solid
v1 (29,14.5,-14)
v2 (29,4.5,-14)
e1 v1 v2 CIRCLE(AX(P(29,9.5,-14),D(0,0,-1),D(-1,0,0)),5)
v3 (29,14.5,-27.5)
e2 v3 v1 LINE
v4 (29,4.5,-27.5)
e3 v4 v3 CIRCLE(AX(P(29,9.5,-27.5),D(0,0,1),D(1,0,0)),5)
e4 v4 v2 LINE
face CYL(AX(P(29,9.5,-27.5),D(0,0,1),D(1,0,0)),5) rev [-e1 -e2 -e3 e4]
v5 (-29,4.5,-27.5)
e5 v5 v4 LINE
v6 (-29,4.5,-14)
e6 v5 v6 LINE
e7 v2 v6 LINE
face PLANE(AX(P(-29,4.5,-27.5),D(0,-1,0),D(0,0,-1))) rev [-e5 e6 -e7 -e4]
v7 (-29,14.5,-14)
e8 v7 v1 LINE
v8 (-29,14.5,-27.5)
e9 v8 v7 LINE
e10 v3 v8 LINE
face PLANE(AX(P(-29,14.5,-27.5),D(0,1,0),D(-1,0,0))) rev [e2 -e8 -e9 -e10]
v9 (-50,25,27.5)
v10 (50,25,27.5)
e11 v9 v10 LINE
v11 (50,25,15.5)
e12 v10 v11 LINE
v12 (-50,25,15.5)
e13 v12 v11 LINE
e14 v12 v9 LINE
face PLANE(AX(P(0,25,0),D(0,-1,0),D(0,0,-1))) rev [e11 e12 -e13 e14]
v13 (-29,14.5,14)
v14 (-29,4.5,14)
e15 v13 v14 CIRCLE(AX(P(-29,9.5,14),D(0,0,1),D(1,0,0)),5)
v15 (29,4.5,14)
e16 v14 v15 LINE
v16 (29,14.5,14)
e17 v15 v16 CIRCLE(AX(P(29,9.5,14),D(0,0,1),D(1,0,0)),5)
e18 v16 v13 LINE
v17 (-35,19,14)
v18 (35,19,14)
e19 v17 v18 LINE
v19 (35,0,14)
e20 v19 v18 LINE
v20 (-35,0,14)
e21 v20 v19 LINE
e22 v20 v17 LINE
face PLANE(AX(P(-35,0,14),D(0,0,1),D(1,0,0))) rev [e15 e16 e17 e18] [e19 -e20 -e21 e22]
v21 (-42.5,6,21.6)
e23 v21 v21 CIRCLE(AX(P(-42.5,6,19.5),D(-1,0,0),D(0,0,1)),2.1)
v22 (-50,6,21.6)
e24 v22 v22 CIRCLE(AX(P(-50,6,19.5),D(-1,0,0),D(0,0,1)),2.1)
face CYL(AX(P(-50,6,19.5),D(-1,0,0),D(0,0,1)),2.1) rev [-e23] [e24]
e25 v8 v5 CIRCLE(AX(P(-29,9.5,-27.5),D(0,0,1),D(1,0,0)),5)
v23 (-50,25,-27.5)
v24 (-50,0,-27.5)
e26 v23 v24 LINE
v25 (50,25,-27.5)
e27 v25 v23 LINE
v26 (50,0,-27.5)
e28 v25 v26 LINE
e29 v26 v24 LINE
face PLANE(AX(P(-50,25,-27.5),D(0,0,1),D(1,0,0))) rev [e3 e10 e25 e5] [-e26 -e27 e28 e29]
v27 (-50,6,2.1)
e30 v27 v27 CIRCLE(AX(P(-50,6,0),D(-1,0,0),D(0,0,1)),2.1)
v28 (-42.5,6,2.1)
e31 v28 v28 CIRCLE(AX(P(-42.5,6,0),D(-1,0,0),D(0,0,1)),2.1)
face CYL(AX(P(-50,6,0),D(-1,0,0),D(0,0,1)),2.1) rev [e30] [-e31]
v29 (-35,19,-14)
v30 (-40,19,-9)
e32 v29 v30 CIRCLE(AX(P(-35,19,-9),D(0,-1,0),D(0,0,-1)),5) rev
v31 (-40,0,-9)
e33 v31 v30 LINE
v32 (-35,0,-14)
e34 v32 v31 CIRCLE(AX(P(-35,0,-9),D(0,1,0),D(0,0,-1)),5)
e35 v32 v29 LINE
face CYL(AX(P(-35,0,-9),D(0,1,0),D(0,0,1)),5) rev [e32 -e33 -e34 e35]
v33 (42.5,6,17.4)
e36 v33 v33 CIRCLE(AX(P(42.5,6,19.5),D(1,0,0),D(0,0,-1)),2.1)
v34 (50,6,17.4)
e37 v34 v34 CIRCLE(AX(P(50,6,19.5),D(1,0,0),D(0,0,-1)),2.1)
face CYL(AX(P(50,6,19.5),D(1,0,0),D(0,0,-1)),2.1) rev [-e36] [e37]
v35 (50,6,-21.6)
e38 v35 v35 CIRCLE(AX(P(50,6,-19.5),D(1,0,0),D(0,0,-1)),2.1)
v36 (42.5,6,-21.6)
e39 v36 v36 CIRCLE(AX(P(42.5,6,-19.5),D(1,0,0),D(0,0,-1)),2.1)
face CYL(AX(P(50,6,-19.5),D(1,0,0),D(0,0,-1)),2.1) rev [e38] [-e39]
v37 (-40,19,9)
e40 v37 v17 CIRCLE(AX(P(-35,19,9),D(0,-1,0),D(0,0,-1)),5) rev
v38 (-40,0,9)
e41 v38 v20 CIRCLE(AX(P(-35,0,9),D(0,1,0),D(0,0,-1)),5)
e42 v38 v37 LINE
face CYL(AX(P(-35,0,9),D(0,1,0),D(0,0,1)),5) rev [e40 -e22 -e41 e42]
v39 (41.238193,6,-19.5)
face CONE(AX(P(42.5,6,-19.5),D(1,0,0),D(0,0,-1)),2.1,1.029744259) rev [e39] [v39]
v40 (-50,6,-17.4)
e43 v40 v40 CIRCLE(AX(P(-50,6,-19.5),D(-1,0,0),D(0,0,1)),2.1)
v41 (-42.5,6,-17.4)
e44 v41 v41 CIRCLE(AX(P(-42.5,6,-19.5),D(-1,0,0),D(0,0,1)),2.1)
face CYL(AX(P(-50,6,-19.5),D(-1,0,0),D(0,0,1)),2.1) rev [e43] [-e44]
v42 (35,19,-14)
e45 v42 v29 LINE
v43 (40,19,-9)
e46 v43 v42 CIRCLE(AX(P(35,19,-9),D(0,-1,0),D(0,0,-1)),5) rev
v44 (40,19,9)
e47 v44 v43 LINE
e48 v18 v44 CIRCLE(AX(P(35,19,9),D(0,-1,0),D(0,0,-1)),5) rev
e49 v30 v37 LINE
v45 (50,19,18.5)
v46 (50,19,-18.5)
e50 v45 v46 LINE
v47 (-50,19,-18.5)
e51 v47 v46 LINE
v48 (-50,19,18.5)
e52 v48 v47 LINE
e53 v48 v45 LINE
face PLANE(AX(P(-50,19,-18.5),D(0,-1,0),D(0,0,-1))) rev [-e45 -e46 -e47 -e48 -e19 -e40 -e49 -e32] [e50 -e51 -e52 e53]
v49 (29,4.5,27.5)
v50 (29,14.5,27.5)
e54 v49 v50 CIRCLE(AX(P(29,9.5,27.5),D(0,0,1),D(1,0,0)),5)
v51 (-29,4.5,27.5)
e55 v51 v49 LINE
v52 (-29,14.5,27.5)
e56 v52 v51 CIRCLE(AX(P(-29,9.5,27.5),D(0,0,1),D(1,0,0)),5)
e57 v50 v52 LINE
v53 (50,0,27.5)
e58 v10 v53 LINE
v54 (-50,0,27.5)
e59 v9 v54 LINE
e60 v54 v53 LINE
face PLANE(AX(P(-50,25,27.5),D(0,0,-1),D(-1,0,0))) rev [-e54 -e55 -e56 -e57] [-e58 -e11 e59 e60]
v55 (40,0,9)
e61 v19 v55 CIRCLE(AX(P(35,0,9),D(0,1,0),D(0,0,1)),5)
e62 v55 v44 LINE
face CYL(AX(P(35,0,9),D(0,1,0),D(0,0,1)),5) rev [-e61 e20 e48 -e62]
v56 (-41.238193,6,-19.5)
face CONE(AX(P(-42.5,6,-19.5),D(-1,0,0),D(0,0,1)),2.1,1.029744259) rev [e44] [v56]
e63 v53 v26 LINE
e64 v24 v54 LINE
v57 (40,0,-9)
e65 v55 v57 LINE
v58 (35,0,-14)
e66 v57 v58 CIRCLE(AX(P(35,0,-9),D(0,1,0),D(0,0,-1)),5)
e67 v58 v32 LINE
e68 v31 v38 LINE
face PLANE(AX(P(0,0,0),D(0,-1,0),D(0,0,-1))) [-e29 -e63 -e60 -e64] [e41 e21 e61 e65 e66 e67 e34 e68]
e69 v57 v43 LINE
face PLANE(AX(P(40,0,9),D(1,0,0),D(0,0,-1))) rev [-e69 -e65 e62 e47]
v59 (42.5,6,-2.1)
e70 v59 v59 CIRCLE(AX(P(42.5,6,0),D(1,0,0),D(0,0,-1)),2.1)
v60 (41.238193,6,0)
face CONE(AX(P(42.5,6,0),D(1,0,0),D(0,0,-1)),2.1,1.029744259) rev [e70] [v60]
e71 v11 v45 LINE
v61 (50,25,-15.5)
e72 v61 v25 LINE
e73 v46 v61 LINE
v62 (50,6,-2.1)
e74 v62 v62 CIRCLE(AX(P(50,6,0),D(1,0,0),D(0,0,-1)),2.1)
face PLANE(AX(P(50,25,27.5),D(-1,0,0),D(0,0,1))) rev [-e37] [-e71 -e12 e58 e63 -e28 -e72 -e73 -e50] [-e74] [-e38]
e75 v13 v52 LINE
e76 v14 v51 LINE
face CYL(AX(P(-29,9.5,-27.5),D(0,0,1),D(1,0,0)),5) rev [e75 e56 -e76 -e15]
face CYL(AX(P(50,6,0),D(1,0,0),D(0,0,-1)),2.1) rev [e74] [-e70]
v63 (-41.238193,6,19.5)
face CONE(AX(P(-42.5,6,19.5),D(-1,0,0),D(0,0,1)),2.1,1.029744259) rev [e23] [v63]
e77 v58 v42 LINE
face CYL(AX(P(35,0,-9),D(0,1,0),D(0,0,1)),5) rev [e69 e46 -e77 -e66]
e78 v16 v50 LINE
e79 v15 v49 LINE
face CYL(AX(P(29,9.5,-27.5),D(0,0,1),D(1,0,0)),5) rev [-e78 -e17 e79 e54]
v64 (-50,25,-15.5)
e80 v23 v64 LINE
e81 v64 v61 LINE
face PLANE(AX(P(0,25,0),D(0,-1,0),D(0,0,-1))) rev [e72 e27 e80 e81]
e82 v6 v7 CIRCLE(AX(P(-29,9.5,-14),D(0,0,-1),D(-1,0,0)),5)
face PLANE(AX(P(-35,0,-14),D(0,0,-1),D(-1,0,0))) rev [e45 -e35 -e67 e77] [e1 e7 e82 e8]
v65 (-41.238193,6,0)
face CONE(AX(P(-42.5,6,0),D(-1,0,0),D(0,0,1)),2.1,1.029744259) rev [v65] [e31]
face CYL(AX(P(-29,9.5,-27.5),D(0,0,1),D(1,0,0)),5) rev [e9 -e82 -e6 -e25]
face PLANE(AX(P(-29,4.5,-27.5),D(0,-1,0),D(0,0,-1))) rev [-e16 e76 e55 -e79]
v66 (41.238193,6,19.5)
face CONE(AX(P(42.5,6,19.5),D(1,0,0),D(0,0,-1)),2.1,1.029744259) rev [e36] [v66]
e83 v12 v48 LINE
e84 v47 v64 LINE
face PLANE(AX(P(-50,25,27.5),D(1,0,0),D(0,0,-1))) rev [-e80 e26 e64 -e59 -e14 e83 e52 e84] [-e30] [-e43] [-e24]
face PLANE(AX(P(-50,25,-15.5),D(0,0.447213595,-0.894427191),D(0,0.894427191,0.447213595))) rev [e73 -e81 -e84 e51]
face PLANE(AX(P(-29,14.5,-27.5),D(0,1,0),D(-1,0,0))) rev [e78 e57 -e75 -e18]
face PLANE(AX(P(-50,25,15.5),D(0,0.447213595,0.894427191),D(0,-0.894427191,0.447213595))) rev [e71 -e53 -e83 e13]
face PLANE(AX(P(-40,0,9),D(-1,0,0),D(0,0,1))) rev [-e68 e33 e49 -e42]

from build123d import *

# Parameters (mm, degrees)
SKETCH1_W                      = 100
SKETCH1_H                      = 55
BOSS_EXTRUDE1_DEPTH            = 25
CUT_EXTRUDE1_DEPTH             = 26
CUT_EXTRUDE2_DEPTH             = 101
CUT_EXTRUDE3_DEPTH             = 56
M5X0_8_TAPPED_HOLE1_AT_2_COUNT = 2
M5X0_8_TAPPED_HOLE1_AT_2_PITCH = 19.5
M5X0_8_TAPPED_HOLE1_AT_3_COUNT = 2
M5X0_8_TAPPED_HOLE1_AT_3_PITCH = 39


with BuildPart() as part:
    # Sketch1 → Boss-Extrude1 (new body)
    with BuildSketch(Plane(origin=(0, 0, 0), x_dir=(1, 0, 0), z_dir=(0, 1, 0))):
        Rectangle(SKETCH1_W, SKETCH1_H)
    extrude(amount=BOSS_EXTRUDE1_DEPTH)

    # Sketch2 → Cut-Extrude1 (cut, through all)
    with BuildSketch(Plane(origin=(0, 25, 0), x_dir=(1, 0, 0), z_dir=(0, 1, 0))):
        with BuildLine():
            Line((-35, -14), (35, -14))
            ThreePointArc((35, -14), (38.535533906, -12.535533906), (40, -9))
            Line((40, -9), (40, 9))
            ThreePointArc((40, 9), (38.535533906, 12.535533906), (35, 14))
            Line((35, 14), (-35, 14))
            ThreePointArc((-35, 14), (-38.535533906, 12.535533906), (-40, 9))
            Line((-40, 9), (-40, -9))
            ThreePointArc((-40, -9), (-38.535533906, -12.535533906), (-35, -14))
        make_face()
    extrude(amount=-CUT_EXTRUDE1_DEPTH, mode=Mode.SUBTRACT)

    # Sketch3 → Cut-Extrude2 (cut, through all)
    with BuildSketch(Plane(origin=(50, 0, 0), x_dir=(0, 0, -1), z_dir=(1, 0, 0))):
        Polygon((15.5, 25), (18.5, 19), (-18.5, 19), (-15.5, 25), align=None)
    extrude(amount=-CUT_EXTRUDE2_DEPTH, mode=Mode.SUBTRACT)

    # Sketch4 → Cut-Extrude3 (cut, through all)
    with BuildSketch(Plane.XY.offset(27.5)):
        with BuildLine():
            Line((-29, 14.5), (29, 14.5))
            ThreePointArc((29, 14.5), (34, 9.5), (29, 4.5))
            Line((29, 4.5), (-29, 4.5))
            ThreePointArc((-29, 4.5), (-34, 9.5), (-29, 14.5))
        make_face()
    extrude(amount=-CUT_EXTRUDE3_DEPTH, mode=Mode.SUBTRACT)

    # Sketch7 → M5x0.8 Tapped Hole1 (revolve, cut)
    with BuildSketch(Plane(origin=(50, 6, 19.5), x_dir=(0, 0, -1), z_dir=(0, 1, 0))):
        Polygon((0, 0), (0, 8.7618073), (2.1, 7.5), (2.1, 0), align=None)
    m5x0_8_tapped_hole1 = revolve(axis=Axis((56.35, 6, 19.5), (-1, 0, 0)), mode=Mode.SUBTRACT)

    # M5x0.8 Tapped Hole1 at 2: M5x0.8 Tapped Hole1 ×2
    with Locations(*[(0, 0, -i * M5X0_8_TAPPED_HOLE1_AT_2_PITCH) for i in range(1, M5X0_8_TAPPED_HOLE1_AT_2_COUNT)]):
        add(m5x0_8_tapped_hole1, mode=Mode.SUBTRACT)

    # M5x0.8 Tapped Hole1 at 3: M5x0.8 Tapped Hole1 ×2
    with Locations(*[(0, 0, -i * M5X0_8_TAPPED_HOLE1_AT_3_PITCH) for i in range(1, M5X0_8_TAPPED_HOLE1_AT_3_COUNT)]):
        add(m5x0_8_tapped_hole1, mode=Mode.SUBTRACT)

    # Mirror1: M5x0.8 Tapped Hole1 across plane
    add(m5x0_8_tapped_hole1.mirror(Plane(origin=(0, 0, 0), x_dir=(0, 0, 1), z_dir=(1, 0, 0))), mode=Mode.SUBTRACT)

    # Mirror1 copy 1 sketch → Mirror1 copy 1 (revolve, cut)
    with BuildSketch(Plane(origin=(-50, 6, 0), x_dir=(0, 0, -1), z_dir=(0, 1, 0))):
        Polygon((0, 0), (0, -8.7618073), (2.1, -7.5), (2.1, 0), align=None)
    revolve(axis=Axis((-56.35, 6, 0), (-1, 0, 0)), mode=Mode.SUBTRACT)

    # Mirror1 copy 2 sketch → Mirror1 copy 2 (revolve, cut)
    with BuildSketch(Plane(origin=(-50, 6, -19.5), x_dir=(0, 0, -1), z_dir=(0, 1, 0))):
        Polygon((0, 0), (0, -8.7618073), (2.1, -7.5), (2.1, 0), align=None)
    revolve(axis=Axis((-56.35, 6, -19.5), (-1, 0, 0)), mode=Mode.SUBTRACT)


solid = part.part
